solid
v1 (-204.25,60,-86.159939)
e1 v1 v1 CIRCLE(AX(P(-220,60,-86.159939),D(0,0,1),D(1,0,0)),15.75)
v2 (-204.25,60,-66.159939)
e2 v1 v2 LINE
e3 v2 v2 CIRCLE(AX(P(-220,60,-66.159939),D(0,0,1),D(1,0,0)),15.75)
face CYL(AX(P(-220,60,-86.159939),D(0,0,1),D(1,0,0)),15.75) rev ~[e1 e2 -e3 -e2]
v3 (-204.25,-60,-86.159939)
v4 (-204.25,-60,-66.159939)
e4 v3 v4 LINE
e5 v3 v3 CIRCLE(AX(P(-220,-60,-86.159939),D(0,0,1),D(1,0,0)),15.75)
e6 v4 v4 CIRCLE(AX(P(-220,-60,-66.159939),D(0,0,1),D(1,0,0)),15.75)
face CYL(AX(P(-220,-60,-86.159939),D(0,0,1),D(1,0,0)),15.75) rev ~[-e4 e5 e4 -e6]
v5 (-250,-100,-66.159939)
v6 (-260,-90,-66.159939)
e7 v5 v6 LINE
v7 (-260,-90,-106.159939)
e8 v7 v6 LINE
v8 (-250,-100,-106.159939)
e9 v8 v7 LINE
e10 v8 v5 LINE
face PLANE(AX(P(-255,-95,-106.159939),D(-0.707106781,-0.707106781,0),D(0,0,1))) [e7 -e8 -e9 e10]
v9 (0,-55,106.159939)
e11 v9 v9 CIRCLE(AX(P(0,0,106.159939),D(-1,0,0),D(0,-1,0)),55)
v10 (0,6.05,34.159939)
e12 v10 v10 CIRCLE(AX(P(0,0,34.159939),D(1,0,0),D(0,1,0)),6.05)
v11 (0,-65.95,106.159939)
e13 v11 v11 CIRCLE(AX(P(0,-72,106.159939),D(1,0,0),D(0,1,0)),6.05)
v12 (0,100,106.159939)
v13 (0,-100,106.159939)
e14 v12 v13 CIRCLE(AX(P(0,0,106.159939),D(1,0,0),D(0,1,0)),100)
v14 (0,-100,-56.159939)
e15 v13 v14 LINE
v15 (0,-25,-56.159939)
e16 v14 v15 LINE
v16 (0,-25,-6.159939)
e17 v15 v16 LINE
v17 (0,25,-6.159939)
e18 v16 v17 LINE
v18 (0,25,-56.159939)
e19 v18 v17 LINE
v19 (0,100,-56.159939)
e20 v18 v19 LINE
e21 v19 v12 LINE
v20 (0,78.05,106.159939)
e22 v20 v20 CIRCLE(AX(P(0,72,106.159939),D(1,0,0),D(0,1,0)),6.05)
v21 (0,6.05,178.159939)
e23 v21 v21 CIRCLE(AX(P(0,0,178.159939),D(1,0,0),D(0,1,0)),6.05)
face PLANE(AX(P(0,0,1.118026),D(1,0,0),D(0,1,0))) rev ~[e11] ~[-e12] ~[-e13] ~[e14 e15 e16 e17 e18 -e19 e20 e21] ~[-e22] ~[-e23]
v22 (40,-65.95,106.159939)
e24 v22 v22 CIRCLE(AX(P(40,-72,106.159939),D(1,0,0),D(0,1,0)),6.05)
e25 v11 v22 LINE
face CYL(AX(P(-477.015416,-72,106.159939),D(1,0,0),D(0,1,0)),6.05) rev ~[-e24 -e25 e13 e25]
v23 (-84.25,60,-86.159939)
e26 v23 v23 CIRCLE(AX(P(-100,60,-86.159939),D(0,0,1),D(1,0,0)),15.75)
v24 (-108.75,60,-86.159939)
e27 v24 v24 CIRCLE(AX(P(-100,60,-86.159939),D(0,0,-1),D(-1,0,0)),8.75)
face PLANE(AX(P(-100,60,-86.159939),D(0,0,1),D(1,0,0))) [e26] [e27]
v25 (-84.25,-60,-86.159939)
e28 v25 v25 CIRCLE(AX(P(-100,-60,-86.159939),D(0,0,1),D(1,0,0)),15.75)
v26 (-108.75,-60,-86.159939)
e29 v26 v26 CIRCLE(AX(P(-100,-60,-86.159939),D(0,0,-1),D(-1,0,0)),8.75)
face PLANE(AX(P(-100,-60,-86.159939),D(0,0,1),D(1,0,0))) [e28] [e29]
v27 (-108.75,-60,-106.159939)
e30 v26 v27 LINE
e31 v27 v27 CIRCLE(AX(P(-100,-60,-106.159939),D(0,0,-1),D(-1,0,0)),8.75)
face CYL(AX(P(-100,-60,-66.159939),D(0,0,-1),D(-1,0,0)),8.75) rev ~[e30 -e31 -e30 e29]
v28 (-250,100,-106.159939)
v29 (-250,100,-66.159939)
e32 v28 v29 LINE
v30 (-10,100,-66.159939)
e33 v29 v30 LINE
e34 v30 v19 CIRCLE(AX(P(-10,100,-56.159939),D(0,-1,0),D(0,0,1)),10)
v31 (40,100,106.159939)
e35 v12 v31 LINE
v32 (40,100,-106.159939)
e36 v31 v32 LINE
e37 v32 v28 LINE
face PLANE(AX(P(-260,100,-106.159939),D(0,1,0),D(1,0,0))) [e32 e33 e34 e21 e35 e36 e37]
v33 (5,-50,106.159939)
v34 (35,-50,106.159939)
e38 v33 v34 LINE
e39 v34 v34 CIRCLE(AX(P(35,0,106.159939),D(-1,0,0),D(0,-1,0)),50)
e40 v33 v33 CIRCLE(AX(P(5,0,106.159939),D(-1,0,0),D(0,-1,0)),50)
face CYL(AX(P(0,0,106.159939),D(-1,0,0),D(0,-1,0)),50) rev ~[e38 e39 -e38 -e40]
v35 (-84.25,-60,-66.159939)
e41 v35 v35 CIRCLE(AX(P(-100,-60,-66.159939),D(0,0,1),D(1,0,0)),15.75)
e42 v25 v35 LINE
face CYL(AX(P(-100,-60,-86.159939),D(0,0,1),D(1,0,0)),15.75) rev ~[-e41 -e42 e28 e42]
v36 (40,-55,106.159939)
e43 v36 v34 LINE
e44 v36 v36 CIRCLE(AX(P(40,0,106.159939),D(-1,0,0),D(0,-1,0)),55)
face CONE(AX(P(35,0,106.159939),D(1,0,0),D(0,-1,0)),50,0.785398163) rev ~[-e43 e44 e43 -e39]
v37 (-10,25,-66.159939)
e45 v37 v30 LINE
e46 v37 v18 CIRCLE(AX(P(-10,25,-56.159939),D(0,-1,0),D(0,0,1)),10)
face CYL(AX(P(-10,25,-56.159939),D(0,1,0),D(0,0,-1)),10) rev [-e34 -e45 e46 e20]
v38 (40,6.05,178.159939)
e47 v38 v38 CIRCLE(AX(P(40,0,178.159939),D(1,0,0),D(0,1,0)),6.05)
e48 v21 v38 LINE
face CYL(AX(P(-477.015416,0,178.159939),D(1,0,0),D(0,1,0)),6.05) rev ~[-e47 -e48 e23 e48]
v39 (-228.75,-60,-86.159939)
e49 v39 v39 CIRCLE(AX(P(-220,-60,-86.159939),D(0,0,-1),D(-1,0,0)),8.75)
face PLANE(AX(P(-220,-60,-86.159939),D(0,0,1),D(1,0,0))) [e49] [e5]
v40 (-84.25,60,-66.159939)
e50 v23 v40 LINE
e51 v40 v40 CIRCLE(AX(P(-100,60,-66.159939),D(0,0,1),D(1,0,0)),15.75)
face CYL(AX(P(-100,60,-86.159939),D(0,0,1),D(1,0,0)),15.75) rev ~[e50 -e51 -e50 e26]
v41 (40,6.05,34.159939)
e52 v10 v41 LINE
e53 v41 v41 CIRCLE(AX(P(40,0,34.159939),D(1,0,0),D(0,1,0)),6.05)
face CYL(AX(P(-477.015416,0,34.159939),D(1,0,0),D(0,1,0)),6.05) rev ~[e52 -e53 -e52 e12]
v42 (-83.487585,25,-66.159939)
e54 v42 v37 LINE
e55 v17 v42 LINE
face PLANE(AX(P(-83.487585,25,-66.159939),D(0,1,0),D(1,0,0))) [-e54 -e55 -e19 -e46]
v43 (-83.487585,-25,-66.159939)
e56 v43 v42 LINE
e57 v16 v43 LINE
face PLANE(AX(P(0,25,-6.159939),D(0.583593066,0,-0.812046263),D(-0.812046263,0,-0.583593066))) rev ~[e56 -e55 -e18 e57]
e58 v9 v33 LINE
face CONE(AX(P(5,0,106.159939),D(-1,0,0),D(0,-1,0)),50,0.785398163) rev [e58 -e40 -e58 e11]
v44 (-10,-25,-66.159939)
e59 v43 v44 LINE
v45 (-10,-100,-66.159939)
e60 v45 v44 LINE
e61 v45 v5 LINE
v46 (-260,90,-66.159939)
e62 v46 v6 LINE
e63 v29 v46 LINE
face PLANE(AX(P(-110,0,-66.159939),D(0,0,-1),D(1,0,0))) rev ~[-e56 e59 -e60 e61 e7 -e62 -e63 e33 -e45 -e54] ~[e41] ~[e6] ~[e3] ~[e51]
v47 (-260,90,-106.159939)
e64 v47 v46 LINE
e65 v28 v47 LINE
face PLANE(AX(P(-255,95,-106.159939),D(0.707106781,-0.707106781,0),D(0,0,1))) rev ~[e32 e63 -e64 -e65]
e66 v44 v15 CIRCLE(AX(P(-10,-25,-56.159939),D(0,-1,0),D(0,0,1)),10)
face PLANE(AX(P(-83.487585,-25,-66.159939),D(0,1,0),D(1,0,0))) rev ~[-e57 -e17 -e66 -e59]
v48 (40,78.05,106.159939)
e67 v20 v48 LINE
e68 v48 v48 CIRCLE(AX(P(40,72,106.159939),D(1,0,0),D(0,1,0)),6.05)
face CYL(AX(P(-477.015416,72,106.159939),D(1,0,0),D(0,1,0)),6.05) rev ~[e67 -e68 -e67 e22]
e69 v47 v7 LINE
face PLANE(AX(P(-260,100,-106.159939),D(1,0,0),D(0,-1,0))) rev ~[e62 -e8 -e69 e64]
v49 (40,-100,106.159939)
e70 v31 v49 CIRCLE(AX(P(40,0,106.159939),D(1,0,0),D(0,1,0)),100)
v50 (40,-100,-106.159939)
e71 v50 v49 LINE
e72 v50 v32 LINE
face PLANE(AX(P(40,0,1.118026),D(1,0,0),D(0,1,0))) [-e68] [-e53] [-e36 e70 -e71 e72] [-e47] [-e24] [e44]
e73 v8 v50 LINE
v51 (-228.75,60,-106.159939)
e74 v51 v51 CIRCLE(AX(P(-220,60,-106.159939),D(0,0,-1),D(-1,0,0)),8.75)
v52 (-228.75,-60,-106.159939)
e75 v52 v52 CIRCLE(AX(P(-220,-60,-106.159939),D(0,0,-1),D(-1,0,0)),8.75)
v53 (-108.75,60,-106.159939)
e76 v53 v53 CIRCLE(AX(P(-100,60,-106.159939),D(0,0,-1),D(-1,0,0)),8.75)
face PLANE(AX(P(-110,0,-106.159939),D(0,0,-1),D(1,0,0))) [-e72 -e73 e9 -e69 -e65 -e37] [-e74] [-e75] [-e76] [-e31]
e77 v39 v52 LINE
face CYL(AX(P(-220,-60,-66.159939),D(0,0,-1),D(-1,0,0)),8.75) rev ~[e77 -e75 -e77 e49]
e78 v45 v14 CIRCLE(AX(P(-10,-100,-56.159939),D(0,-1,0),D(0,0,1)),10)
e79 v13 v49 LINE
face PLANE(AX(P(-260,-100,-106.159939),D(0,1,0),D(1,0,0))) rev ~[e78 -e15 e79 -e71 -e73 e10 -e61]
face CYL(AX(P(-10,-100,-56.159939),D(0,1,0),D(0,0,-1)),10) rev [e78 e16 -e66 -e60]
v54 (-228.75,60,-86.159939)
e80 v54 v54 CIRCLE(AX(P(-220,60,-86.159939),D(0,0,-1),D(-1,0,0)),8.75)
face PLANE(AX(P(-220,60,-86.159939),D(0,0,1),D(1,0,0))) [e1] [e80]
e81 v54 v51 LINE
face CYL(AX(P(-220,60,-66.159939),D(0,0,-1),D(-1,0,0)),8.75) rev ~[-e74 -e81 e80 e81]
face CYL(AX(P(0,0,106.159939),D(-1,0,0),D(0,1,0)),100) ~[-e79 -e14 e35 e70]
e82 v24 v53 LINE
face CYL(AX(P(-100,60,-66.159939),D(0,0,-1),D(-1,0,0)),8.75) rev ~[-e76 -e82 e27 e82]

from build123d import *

# Parameters (mm, degrees)
F1_DEPTH        = 40
F2_W            = 300
F2_H            = 200
F3_DEPTH        = 40
F4_W            = 83.487585187
F4_H            = 50
F5_DEPTH        = 60
F7_DEPTH        = 125.001
F8_R            = 10
F10_D           = 12.1
F11_SIZE        = 5
F13_D           = 17.5
F13_CBORE_D     = 31.5
F13_CBORE_DEPTH = 20
F14_SIZE        = 10


with BuildPart() as f1:
    # F0 (on Right) → F1 (new body)
    with BuildSketch(Plane.YZ):
        with BuildLine():
            Line((-100, 106.1599394854), (-100, -106.1599394854))
            Line((-100, -106.1599394854), (100, -106.1599394854))
            Line((100, -106.1599394854), (100, 106.1599394854))
            Line((100, 106.1599394854), (50, 106.1599394854))
            ThreePointArc((50, 106.1599394854), (0, 56.1599394854), (-50, 106.1599394854))
            Line((-50, 106.1599394854), (-100, 106.1599394854))
        make_face()
        with BuildLine():
            ThreePointArc((100, 106.1599394854), (0, 206.1599394854), (-100, 106.1599394854))
            Line((-100, 106.1599394854), (-50, 106.1599394854))
            ThreePointArc((-50, 106.1599394854), (0, 156.1599394854), (50, 106.1599394854))
            Line((50, 106.1599394854), (100, 106.1599394854))
        make_face()
    extrude(amount=F1_DEPTH)

    # F2 (on face) → F3 (join)
    with BuildSketch(Plane(origin=(0, 0, -106.1599394854), x_dir=(1, 0, 0), z_dir=(0, 0, -1))):
        with Locations((-110, 0)):
            Rectangle(F2_W, F2_H)
    extrude(amount=-F3_DEPTH)

    # F4 (on face) → F5 (join)
    with BuildSketch(Plane.XY.offset(-66.1599394854)):
        with Locations((-41.7437925935, 0)):
            Rectangle(F4_W, F4_H)
    extrude(amount=F5_DEPTH)

    # F6 (on face) → F7 (cut, through all)
    with BuildSketch(Plane(origin=(0, 25, 0), x_dir=(-1, 0, 0), z_dir=(0, 1, 0))):
        Polygon((83.487585187, -6.1599394854), (0, -6.1599394854), (83.487585187, -66.1599394854), align=None)
    extrude(amount=-F7_DEPTH, mode=Mode.SUBTRACT)

    # F8
    f8_edges = [f1.edges().sort_by_distance(p)[0] for p in [
        (0, 62.5, -66.159939),
        (0, -62.5, -66.159939),
    ]]
    fillet(f8_edges, radius=F8_R)

    # F10 (through all)
    with Locations(Plane(origin=(0, 0, 0), x_dir=(0, -1, 0), z_dir=(-1, 0, 0))):
        with Locations((0, 178.1599394854), (-72, 106.1599394854), (0, 34.1599394854), (72, 106.1599394854)):
            Hole(F10_D / 2)

    # F11
    f11_edges = [f1.edges().sort_by_distance(p)[0] for p in [
        (0, 50, 106.159939),
        (40, 50, 106.159939),
    ]]
    chamfer(f11_edges, length=F11_SIZE)

    # F13 (through all)
    with Locations(Plane.XY.offset(-66.1599394854)):
        with Locations((-220, 60), (-220, -60), (-100, 60), (-100, -60)):
            CounterBoreHole(F13_D / 2, F13_CBORE_D / 2, F13_CBORE_DEPTH)

    # F14
    f14_edges = [f1.edges().sort_by_distance(p)[0] for p in [
        (-260, 100, -86.159939),
        (-260, -100, -86.159939),
    ]]
    chamfer(f14_edges, length=F14_SIZE)


solid = f1.part
